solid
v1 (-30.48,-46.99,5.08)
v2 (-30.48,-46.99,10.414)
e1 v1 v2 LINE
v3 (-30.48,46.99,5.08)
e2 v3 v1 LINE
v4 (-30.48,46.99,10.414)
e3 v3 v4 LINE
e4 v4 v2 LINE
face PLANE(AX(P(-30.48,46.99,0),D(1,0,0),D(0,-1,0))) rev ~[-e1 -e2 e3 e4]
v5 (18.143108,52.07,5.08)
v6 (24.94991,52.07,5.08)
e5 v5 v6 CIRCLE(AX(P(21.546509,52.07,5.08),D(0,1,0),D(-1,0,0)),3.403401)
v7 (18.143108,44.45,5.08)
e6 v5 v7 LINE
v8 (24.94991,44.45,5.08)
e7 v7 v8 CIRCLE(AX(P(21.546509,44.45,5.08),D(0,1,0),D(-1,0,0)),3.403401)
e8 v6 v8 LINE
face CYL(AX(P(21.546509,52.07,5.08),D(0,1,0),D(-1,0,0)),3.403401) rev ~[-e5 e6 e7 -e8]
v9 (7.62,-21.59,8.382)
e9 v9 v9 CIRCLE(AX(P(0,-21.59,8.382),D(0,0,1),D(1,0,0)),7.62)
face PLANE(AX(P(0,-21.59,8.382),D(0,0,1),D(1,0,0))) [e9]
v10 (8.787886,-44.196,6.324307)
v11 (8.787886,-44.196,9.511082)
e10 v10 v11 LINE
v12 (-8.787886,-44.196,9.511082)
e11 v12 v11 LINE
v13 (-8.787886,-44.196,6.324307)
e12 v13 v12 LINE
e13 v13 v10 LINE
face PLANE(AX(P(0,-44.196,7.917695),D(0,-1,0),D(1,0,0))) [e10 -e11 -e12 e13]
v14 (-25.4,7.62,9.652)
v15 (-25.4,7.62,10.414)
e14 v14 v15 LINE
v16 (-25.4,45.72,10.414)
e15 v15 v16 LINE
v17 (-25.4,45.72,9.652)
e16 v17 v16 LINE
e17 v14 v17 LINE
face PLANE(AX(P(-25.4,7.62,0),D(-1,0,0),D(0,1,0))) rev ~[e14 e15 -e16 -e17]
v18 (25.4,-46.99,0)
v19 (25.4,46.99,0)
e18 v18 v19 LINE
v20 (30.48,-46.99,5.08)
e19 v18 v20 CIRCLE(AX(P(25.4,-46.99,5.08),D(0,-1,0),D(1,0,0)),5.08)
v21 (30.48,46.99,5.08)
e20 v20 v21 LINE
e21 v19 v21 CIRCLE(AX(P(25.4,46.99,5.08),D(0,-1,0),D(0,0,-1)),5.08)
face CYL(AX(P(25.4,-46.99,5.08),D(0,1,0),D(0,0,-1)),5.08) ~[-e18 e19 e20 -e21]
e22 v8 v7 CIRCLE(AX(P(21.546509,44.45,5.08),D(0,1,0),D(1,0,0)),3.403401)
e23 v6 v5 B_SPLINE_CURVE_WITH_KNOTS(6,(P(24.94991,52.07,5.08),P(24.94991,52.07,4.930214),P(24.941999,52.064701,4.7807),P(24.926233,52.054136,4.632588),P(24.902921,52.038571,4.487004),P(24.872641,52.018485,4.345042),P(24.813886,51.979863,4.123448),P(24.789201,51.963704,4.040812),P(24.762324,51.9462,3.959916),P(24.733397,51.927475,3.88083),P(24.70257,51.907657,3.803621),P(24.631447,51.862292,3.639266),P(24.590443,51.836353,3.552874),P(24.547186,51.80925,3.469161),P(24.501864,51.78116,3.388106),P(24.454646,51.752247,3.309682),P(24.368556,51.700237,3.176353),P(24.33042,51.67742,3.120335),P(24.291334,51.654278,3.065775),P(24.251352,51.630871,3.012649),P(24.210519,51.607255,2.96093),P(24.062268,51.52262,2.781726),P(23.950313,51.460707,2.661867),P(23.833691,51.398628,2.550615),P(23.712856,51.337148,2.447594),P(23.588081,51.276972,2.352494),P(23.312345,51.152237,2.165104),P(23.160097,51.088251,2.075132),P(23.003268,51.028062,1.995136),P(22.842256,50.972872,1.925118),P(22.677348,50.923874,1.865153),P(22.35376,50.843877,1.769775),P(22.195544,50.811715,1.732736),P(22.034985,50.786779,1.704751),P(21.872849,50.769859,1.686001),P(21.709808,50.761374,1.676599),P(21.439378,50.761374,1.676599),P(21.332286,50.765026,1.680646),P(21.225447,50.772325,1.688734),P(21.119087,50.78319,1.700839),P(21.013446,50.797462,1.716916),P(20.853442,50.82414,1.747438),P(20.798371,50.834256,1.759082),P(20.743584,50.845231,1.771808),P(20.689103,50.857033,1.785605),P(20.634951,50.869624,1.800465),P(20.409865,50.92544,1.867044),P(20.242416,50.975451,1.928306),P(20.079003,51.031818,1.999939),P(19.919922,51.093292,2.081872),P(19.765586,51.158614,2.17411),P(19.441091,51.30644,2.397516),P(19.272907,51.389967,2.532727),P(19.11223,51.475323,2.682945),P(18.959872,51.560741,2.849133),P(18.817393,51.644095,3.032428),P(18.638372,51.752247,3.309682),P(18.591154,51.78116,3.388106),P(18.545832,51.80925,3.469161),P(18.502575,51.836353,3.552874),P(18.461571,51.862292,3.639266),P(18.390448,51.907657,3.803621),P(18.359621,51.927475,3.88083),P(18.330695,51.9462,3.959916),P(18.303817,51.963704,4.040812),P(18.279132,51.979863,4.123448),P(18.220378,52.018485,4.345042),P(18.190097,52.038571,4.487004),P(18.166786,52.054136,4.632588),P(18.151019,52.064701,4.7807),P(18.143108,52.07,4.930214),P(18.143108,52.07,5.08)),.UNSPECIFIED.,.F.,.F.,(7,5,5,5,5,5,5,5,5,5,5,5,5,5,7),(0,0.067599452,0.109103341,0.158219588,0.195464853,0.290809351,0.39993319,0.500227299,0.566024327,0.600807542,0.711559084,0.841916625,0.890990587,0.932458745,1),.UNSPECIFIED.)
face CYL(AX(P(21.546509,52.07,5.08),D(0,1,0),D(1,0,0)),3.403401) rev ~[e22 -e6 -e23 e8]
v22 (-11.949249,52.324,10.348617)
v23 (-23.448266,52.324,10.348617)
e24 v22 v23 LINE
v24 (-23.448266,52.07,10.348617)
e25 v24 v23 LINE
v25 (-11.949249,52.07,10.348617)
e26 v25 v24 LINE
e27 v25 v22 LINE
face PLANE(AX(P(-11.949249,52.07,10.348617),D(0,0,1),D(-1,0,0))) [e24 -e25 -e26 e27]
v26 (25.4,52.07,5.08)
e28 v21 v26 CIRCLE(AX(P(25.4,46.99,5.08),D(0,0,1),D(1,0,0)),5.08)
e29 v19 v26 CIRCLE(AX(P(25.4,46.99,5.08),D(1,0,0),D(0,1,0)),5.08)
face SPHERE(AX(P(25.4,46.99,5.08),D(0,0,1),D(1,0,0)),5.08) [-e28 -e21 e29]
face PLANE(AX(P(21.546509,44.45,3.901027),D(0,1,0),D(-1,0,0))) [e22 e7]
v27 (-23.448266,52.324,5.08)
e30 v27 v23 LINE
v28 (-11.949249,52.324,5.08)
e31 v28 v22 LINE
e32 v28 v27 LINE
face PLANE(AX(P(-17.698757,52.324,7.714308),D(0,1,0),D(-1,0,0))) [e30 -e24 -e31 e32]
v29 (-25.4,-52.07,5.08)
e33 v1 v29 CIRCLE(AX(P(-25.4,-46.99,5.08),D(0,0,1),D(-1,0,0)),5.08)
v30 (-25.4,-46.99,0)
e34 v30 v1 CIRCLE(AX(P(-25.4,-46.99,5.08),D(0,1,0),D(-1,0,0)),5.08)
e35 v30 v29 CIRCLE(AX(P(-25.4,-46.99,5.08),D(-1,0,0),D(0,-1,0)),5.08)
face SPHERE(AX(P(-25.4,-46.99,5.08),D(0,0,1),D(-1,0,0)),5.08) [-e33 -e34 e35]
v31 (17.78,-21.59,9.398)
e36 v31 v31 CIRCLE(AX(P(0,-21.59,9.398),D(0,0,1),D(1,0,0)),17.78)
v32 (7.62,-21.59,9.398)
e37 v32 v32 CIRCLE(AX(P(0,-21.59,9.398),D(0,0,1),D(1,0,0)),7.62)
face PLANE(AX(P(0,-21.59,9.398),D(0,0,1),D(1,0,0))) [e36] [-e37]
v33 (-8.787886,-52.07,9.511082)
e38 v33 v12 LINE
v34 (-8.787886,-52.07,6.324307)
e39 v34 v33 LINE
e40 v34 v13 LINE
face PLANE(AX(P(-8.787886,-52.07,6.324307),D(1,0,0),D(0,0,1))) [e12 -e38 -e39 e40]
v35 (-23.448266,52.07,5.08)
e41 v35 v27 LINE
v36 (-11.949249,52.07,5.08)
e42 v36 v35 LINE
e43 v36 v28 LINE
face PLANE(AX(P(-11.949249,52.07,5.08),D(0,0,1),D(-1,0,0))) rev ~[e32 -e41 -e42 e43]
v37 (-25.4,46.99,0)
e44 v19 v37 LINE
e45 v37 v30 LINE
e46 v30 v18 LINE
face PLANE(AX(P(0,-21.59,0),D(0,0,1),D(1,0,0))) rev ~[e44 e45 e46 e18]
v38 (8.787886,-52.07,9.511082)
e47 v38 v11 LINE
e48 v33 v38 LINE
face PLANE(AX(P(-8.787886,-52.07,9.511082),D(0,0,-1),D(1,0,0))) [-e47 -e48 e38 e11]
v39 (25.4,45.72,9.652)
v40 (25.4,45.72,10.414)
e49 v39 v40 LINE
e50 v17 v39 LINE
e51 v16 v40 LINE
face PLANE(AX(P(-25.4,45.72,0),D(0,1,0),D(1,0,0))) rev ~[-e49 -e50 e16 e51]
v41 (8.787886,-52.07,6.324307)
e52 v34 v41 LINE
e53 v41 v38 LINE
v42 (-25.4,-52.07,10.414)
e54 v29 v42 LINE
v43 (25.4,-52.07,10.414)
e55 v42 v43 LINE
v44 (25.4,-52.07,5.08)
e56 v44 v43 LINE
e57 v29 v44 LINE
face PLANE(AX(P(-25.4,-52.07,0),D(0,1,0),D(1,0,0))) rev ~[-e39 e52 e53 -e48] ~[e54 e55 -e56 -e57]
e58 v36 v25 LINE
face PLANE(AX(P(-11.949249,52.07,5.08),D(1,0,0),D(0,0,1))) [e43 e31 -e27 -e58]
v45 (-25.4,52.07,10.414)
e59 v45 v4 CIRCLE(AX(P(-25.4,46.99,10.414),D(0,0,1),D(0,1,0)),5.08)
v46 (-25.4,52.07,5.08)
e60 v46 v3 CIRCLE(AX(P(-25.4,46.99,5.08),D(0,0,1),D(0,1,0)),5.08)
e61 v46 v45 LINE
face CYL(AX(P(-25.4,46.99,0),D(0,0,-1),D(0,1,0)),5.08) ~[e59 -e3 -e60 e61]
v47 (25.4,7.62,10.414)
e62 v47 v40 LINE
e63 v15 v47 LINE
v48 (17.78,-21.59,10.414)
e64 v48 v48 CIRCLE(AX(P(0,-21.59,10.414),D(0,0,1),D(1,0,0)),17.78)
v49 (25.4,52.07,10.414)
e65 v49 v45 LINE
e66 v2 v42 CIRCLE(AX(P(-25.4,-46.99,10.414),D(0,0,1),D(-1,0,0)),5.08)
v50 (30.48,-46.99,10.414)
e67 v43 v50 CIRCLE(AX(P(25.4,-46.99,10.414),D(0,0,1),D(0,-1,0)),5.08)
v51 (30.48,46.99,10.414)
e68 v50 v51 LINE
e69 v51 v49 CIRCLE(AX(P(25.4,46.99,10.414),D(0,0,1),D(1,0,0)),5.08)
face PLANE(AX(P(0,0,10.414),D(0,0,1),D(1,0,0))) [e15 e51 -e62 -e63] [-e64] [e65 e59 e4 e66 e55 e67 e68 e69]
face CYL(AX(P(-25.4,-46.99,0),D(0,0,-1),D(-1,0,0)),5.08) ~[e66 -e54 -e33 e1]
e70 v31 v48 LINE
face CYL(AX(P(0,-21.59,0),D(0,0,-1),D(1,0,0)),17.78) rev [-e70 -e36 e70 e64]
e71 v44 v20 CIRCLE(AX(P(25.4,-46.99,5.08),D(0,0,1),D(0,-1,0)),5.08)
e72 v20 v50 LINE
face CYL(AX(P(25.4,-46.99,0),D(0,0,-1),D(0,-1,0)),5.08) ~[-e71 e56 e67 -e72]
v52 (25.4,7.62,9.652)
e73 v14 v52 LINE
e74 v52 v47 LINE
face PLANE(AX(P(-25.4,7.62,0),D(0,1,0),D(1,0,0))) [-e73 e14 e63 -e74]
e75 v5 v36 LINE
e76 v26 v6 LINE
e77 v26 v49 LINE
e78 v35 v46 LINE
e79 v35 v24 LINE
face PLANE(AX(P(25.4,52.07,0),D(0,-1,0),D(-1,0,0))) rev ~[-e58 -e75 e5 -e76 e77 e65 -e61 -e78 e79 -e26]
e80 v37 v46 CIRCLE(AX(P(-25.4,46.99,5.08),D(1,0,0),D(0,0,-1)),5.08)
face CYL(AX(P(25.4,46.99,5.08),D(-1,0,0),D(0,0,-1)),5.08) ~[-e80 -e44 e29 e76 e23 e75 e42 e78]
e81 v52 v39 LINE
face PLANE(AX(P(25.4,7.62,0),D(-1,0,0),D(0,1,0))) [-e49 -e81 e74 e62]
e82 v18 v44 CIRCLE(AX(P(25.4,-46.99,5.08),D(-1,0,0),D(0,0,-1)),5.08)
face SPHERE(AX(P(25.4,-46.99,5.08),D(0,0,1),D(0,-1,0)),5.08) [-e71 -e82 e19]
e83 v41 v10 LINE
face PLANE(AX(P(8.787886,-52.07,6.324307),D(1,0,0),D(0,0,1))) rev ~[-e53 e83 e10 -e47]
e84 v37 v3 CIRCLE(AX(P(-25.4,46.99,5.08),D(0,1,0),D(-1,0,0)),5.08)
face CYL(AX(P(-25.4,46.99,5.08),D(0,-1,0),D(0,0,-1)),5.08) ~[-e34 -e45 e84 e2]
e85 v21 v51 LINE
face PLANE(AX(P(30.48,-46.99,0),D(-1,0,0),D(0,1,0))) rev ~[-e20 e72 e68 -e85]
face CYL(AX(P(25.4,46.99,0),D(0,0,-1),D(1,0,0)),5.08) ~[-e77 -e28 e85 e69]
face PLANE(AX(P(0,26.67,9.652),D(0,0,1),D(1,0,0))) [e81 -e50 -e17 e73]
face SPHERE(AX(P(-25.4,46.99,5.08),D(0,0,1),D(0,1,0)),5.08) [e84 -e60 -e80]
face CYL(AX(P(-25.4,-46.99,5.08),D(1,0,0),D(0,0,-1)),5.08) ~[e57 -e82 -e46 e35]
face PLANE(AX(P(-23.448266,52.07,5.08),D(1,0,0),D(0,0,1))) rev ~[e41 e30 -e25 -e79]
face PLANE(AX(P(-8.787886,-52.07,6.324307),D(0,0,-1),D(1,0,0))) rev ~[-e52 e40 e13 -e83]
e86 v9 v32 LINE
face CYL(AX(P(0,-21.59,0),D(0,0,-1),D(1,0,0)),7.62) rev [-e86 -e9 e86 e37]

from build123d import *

# Parameters (mm, degrees)
F0_R      = 17.78
F0_W      = 50.8
F0_H      = 38.1
F1_DEPTH  = 10.414
F2_DEPTH  = 9.652
F0_R_2    = 7.62
F3_DEPTH  = 9.398
F4_DEPTH  = 8.382
F5_R      = 5.08
F6_W      = 17.5757724792
F6_H      = 3.1867753714
F7_DEPTH  = 7.874
F8_W      = 11.499017477
F8_H      = 5.2686166653
F9_DEPTH  = 0.254
F10_DEPTH = 7.62


with BuildPart() as f1:
    # F0 (on Top) → F1 (new body)
    with BuildSketch(Plane.XY):
        with BuildLine():
            Line((25.4, 52.07), (-25.4, 52.07))
            ThreePointArc((-25.4, 52.07), (-28.9921024484, 50.5821024484), (-30.48, 46.99))
            Line((-30.48, 46.99), (-30.48, -46.99))
            ThreePointArc((-30.48, -46.99), (-28.9921024484, -50.5821024484), (-25.4, -52.07))
            Line((-25.4, -52.07), (25.4, -52.07))
            ThreePointArc((25.4, -52.07), (28.9921024484, -50.5821024484), (30.48, -46.99))
            Line((30.48, -46.99), (30.48, 46.99))
            ThreePointArc((30.48, 46.99), (28.9921024484, 50.5821024484), (25.4, 52.07))
        make_face()
        with Locations((0, -21.59)):
            Circle(F0_R, mode=Mode.SUBTRACT)
        with Locations((0, 26.67)):
            Rectangle(F0_W, F0_H, mode=Mode.SUBTRACT)
    extrude(amount=F1_DEPTH)

    # F0 (on Top) → F2 (join)
    with BuildSketch(Plane.XY):
        with Locations((0, 26.67)):
            Rectangle(F0_W, F0_H)
    extrude(amount=F2_DEPTH)

    # F0 (on Top) → F3 (join)
    with BuildSketch(Plane.XY):
        with Locations((0, -21.59)):
            Circle(F0_R)
        with Locations((0, -21.59)):
            Circle(F0_R_2, mode=Mode.SUBTRACT)
    extrude(amount=F3_DEPTH)

    # F0 (on Top) → F4 (join)
    with BuildSketch(Plane.XY):
        with Locations((0, -21.59)):
            Circle(F0_R_2)
    extrude(amount=F4_DEPTH)

    # F5
    f5_edges = [f1.edges().sort_by_distance(p)[0] for p in [
        (-28.992102, -50.582102, 0),
    ]]
    fillet(f5_edges, radius=F5_R)

    # F6 (on face) → F7 (cut)
    with BuildSketch(Plane.XZ.offset(52.07)):
        with Locations((0, 7.9176947474)):
            Rectangle(F6_W, F6_H)
    extrude(amount=-F7_DEPTH, mode=Mode.SUBTRACT)

    # F8 (on face) → F9 (join)
    with BuildSketch(Plane(origin=(0, 52.07, 0), x_dir=(-1, 0, 0), z_dir=(0, 1, 0))):
        with Locations((17.6987573504, 7.7143083327)):
            Rectangle(F8_W, F8_H)
    extrude(amount=F9_DEPTH)

    # F8 (on face) → F10 (cut)
    with BuildSketch(Plane(origin=(0, 52.07, 0), x_dir=(-1, 0, 0), z_dir=(0, 1, 0))):
        with BuildLine():
            ThreePointArc((-24.9499100409, 5.08), (-21.5465091169, 1.676599076), (-18.1431081928, 5.08))
            Line((-18.1431081928, 5.08), (-24.9499100409, 5.08))
        make_face()
        with BuildLine():
            Line((-24.9499100409, 5.08), (-18.1431081928, 5.08))
            ThreePointArc((-18.1431081928, 5.08), (-21.5465091169, 8.483400924), (-24.9499100409, 5.08))
        make_face()
    extrude(amount=-F10_DEPTH, mode=Mode.SUBTRACT)


solid = f1.part
